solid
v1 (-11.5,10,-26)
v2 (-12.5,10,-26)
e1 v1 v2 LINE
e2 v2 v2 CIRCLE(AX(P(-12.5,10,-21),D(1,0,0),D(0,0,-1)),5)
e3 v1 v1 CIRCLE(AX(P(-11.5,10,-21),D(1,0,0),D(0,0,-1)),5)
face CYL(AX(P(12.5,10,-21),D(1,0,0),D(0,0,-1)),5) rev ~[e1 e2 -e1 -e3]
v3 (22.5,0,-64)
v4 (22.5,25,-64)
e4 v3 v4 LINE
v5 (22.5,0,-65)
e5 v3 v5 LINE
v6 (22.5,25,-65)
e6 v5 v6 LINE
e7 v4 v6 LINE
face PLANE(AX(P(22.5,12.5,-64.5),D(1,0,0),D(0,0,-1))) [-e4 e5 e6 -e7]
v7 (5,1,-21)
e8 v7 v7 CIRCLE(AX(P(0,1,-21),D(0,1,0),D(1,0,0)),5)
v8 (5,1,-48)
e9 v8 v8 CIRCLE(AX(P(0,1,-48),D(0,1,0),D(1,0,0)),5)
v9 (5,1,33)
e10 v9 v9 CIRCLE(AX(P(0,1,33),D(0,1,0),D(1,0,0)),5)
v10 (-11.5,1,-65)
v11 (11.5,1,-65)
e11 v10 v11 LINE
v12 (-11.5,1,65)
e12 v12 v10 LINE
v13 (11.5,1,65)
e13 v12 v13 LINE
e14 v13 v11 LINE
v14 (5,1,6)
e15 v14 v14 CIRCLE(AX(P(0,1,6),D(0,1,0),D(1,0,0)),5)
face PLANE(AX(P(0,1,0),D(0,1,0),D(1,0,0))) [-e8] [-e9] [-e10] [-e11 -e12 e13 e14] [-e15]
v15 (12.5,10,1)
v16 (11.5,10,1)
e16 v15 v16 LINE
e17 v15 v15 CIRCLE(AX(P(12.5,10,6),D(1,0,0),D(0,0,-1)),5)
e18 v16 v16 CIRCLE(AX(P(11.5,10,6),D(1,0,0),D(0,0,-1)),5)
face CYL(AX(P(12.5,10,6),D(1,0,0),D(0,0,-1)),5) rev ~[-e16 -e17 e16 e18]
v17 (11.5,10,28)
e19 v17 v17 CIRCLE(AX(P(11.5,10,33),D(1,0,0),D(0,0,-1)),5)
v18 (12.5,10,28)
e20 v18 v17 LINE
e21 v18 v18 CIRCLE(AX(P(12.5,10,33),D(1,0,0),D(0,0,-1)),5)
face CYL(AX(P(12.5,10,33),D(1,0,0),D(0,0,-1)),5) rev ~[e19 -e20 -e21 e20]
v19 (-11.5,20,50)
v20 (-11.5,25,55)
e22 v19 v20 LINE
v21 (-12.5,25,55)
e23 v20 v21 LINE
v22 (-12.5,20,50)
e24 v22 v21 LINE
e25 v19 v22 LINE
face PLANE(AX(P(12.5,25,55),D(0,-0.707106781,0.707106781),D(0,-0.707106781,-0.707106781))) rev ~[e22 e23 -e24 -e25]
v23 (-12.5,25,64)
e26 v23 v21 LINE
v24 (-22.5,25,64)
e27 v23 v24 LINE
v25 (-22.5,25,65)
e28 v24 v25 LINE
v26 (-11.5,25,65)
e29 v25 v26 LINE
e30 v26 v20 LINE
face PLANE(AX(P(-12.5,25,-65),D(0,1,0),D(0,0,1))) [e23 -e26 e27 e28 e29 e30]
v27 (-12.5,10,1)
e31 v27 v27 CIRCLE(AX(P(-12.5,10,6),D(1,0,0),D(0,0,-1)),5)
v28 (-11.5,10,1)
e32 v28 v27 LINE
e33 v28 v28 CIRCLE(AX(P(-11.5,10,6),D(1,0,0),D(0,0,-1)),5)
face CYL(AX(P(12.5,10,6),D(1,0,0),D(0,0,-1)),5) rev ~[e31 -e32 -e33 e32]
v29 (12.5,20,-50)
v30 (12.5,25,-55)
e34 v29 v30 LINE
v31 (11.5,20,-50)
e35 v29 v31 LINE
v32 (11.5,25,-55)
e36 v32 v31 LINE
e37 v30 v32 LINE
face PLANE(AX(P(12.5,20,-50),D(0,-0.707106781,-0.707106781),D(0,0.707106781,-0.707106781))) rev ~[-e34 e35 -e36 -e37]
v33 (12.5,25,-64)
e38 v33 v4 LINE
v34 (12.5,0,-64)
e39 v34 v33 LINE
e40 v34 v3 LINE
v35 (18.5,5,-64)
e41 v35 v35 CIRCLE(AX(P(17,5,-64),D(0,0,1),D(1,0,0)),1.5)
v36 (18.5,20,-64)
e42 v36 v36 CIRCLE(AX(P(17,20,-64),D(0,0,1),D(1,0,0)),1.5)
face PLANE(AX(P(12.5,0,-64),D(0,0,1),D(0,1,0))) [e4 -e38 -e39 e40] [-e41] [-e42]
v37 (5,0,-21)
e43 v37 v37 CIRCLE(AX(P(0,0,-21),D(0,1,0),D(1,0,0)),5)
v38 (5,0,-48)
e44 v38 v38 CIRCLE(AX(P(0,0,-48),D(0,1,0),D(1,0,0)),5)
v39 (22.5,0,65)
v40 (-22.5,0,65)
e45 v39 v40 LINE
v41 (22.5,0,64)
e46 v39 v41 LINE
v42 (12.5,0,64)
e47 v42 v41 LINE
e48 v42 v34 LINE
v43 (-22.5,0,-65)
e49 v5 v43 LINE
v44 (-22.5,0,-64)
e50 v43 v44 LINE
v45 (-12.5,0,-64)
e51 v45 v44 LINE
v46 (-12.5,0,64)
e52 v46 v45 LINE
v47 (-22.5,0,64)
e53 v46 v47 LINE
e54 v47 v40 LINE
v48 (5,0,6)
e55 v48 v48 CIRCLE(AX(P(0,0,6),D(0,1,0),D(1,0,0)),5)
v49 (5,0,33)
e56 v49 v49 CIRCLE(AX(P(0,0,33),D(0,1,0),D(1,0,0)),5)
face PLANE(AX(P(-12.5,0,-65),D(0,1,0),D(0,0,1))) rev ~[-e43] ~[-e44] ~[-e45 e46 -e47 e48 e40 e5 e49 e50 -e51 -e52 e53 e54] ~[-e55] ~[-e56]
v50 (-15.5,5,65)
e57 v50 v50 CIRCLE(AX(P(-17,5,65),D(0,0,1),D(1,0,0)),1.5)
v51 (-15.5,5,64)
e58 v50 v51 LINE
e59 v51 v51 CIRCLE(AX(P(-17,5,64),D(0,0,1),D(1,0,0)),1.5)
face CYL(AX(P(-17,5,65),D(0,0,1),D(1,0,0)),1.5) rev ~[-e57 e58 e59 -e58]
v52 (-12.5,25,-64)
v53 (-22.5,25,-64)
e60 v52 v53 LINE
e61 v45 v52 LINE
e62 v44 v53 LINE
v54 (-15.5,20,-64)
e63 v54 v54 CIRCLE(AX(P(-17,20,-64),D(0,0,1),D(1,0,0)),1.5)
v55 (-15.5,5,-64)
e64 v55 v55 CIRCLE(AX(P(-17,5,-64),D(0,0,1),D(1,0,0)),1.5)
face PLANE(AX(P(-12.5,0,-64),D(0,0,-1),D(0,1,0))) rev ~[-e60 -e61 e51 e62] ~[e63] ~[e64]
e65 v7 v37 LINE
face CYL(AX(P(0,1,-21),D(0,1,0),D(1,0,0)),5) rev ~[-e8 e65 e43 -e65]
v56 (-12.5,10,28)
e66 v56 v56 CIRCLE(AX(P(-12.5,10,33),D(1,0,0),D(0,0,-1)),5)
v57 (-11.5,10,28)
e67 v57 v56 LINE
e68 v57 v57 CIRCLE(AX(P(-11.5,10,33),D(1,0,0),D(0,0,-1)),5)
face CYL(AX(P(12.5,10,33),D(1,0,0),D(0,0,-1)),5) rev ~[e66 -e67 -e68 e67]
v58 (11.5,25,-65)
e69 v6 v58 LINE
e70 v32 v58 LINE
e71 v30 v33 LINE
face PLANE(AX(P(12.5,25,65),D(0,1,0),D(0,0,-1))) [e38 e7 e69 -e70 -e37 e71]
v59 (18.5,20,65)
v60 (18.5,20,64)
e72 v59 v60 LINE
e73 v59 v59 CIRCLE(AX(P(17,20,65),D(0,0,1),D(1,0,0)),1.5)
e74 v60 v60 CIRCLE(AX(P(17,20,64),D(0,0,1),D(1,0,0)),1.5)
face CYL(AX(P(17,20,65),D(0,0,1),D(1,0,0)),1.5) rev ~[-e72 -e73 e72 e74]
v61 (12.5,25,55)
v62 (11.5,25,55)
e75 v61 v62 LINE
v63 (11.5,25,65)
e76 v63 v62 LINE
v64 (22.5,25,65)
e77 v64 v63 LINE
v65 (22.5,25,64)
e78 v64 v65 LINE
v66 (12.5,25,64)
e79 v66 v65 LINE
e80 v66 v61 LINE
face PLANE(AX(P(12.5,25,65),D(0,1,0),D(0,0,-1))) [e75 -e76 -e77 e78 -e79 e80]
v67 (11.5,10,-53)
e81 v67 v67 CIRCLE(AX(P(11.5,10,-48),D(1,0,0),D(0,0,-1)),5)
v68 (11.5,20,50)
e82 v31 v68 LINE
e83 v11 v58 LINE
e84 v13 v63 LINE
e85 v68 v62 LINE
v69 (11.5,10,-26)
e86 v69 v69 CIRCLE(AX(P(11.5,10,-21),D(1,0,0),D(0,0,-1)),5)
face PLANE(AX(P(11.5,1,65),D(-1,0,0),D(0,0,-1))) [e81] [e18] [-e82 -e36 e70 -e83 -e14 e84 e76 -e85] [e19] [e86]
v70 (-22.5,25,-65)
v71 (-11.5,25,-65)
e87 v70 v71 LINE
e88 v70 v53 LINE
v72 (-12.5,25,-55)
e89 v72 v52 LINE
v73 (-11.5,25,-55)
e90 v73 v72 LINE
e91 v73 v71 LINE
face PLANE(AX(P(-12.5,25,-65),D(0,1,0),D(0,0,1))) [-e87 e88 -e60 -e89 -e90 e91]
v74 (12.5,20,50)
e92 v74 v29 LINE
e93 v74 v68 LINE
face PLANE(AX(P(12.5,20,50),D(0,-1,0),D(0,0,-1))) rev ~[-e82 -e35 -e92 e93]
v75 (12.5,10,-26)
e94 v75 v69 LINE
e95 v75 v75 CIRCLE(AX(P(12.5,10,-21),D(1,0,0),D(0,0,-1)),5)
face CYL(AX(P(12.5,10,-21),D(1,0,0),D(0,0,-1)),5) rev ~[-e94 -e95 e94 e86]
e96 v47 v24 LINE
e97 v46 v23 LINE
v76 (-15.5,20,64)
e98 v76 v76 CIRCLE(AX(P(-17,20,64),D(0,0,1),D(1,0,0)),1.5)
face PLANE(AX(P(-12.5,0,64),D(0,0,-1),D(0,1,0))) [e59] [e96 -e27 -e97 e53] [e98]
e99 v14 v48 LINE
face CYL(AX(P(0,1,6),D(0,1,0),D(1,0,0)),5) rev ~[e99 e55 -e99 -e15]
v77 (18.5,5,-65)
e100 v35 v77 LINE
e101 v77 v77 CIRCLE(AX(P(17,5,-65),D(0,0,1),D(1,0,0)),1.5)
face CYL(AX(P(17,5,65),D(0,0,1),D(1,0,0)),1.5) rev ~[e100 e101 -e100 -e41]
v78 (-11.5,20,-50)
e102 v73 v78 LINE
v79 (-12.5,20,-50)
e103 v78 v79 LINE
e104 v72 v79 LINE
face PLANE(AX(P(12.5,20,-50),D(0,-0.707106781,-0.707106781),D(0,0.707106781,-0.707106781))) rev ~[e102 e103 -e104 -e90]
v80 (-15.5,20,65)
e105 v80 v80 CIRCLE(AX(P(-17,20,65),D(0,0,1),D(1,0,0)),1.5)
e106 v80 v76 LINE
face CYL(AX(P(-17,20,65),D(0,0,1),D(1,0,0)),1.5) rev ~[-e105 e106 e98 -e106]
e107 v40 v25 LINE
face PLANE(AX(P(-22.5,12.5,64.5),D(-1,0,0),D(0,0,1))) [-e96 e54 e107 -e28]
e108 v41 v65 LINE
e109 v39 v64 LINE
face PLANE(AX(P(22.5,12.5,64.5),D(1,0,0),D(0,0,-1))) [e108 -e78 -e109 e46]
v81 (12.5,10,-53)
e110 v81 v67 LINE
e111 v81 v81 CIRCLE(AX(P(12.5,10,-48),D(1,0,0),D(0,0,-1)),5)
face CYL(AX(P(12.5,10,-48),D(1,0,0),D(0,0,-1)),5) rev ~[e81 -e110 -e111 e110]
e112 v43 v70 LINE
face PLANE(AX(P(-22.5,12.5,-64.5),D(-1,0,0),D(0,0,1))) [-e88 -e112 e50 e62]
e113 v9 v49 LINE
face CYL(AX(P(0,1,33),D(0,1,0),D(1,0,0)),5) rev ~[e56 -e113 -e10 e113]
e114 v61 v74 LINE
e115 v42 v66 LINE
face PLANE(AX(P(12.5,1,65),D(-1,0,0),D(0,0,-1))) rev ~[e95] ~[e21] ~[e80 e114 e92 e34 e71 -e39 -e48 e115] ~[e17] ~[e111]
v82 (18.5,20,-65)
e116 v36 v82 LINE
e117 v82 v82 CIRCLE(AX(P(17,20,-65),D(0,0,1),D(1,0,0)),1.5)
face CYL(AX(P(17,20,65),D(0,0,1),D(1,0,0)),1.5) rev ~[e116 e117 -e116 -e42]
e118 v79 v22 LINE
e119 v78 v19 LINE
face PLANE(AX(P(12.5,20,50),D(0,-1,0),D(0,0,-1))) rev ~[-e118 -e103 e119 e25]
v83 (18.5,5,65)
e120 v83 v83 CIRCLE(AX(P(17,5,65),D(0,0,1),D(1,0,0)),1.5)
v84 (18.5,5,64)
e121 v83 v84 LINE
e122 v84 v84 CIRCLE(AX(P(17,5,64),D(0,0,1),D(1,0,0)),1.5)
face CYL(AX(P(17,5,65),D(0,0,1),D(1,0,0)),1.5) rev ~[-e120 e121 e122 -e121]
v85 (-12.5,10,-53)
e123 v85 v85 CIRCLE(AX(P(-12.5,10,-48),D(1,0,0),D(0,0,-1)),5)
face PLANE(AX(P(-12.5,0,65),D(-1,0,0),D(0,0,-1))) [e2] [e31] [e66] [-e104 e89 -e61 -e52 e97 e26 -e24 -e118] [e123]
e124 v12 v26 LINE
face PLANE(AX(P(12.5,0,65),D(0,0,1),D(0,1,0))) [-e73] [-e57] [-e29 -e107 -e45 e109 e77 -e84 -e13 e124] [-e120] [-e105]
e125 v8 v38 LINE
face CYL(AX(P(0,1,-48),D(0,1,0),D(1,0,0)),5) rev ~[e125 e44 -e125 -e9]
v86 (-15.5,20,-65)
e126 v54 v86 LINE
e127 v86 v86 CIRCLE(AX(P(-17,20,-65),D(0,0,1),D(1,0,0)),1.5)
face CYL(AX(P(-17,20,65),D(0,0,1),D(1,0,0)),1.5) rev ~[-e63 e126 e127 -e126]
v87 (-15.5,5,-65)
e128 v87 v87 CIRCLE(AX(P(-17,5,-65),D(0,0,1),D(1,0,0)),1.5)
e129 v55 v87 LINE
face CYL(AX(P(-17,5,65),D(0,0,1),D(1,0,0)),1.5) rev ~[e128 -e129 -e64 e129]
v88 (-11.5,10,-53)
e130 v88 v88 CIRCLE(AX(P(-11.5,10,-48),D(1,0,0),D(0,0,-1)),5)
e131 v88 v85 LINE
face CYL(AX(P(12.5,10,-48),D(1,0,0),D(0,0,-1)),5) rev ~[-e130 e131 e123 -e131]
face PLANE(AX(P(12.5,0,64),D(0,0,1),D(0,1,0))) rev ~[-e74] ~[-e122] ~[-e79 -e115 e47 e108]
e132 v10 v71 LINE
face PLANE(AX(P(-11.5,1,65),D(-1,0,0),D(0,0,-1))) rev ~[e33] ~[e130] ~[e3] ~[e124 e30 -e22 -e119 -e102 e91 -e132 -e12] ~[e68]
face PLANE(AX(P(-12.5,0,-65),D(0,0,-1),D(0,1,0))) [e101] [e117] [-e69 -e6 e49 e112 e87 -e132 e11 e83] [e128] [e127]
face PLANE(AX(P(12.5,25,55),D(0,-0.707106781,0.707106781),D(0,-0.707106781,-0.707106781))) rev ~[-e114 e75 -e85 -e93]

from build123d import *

# Parameters (mm, degrees)
SKETCH1_W               = 25
SKETCH1_H               = 130
BOSS_EXTRUDE1_DEPTH     = 1
SKETCH2_W               = 1
SKETCH2_H               = 130
BOSS_EXTRUDE2_DEPTH     = 24
SKETCH3_W               = 1
SKETCH3_H               = 25
BOSS_EXTRUDE3_DEPTH     = 10
SKETCH4_W               = 1
SKETCH4_H               = 25
BOSS_EXTRUDE4_DEPTH     = 10
SKETCH5_R               = 5
CUT_EXTRUDE1_DEPTH      = 2
SKETCH10_R              = 1.5
CUT_EXTRUDE3_DEPTH      = 131
CUT_EXTRUDE4_DEPTH      = 11
CUT_EXTRUDE4_DEPTH_BACK = 36
SKETCH9_R               = 5
CUT_EXTRUDE2_DEPTH      = 36


with BuildPart() as part:
    # Sketch1 → Boss-Extrude1 (new body)
    with BuildSketch(Plane(origin=(0, 0, 0), x_dir=(1, 0, 0), z_dir=(0, 1, 0))):
        Rectangle(SKETCH1_W, SKETCH1_H)
    extrude(amount=BOSS_EXTRUDE1_DEPTH)

    # Sketch2 → Boss-Extrude2 (add)
    with BuildSketch(Plane(origin=(0, 1, 0), x_dir=(1, 0, 0), z_dir=(0, 1, 0))):
        with Locations((12, 0)):
            Rectangle(SKETCH2_W, SKETCH2_H)
        with Locations((-12, 0)):
            Rectangle(SKETCH2_W, SKETCH2_H)
    extrude(amount=BOSS_EXTRUDE2_DEPTH)

    # Sketch3 → Boss-Extrude3 (add)
    with BuildSketch(Plane(origin=(12.5, 0, 0), x_dir=(0, 0, -1), z_dir=(1, 0, 0))):
        with Locations((-64.5, 12.5)):
            Rectangle(SKETCH3_W, SKETCH3_H)
        with Locations((64.5, 12.5)):
            Rectangle(SKETCH3_W, SKETCH3_H)
    extrude(amount=BOSS_EXTRUDE3_DEPTH)

    # Sketch4 → Boss-Extrude4 (add)
    with BuildSketch(Plane.ZY.offset(12.5)):
        with Locations((-64.5, 12.5)):
            Rectangle(SKETCH4_W, SKETCH4_H)
        with Locations((64.5, 12.5)):
            Rectangle(SKETCH4_W, SKETCH4_H)
    extrude(amount=BOSS_EXTRUDE4_DEPTH)

    # Sketch5 → Cut-Extrude1 (cut, through all)
    with BuildSketch(Plane(origin=(0, 1, 0), x_dir=(1, 0, 0), z_dir=(0, 1, 0))):
        with Locations((0, -33)):
            Circle(SKETCH5_R)
        with Locations((0, -6)):
            Circle(SKETCH5_R)
        with Locations((0, 21)):
            Circle(SKETCH5_R)
        with Locations((0, 48)):
            Circle(SKETCH5_R)
    extrude(amount=-CUT_EXTRUDE1_DEPTH, mode=Mode.SUBTRACT)

    # Sketch10 → Cut-Extrude3 (cut, through all)
    with BuildSketch(Plane.XY.offset(65)):
        with Locations((17, 20)):
            Circle(SKETCH10_R)
        with Locations((17, 5)):
            Circle(SKETCH10_R)
        with Locations((-17, 20)):
            Circle(SKETCH10_R)
        with Locations((-17, 5)):
            Circle(SKETCH10_R)
    extrude(amount=-CUT_EXTRUDE3_DEPTH, mode=Mode.SUBTRACT)

    # Sketch11 → Cut-Extrude4 (cut, two sides)
    with BuildSketch(Plane(origin=(12.5, 0, 0), x_dir=(0, 0, -1), z_dir=(1, 0, 0))) as cut_extrude4_sk:
        Polygon((0, 25), (-55, 25), (-50, 20), (0, 20), align=None)
        Polygon((55, 25), (0, 25), (0, 20), (50, 20), align=None)
    extrude(amount=CUT_EXTRUDE4_DEPTH, mode=Mode.SUBTRACT)
    extrude(cut_extrude4_sk.sketch, amount=-CUT_EXTRUDE4_DEPTH_BACK, mode=Mode.SUBTRACT)

    # Sketch9 → Cut-Extrude2 (cut, through all)
    with BuildSketch(Plane(origin=(12.5, 0, 0), x_dir=(0, 0, -1), z_dir=(1, 0, 0))):
        with Locations((-33, 10)):
            Circle(SKETCH9_R)
        with Locations((-6, 10)):
            Circle(SKETCH9_R)
        with Locations((21, 10)):
            Circle(SKETCH9_R)
        with Locations((48, 10)):
            Circle(SKETCH9_R)
    extrude(amount=-CUT_EXTRUDE2_DEPTH, mode=Mode.SUBTRACT)


solid = part.part
